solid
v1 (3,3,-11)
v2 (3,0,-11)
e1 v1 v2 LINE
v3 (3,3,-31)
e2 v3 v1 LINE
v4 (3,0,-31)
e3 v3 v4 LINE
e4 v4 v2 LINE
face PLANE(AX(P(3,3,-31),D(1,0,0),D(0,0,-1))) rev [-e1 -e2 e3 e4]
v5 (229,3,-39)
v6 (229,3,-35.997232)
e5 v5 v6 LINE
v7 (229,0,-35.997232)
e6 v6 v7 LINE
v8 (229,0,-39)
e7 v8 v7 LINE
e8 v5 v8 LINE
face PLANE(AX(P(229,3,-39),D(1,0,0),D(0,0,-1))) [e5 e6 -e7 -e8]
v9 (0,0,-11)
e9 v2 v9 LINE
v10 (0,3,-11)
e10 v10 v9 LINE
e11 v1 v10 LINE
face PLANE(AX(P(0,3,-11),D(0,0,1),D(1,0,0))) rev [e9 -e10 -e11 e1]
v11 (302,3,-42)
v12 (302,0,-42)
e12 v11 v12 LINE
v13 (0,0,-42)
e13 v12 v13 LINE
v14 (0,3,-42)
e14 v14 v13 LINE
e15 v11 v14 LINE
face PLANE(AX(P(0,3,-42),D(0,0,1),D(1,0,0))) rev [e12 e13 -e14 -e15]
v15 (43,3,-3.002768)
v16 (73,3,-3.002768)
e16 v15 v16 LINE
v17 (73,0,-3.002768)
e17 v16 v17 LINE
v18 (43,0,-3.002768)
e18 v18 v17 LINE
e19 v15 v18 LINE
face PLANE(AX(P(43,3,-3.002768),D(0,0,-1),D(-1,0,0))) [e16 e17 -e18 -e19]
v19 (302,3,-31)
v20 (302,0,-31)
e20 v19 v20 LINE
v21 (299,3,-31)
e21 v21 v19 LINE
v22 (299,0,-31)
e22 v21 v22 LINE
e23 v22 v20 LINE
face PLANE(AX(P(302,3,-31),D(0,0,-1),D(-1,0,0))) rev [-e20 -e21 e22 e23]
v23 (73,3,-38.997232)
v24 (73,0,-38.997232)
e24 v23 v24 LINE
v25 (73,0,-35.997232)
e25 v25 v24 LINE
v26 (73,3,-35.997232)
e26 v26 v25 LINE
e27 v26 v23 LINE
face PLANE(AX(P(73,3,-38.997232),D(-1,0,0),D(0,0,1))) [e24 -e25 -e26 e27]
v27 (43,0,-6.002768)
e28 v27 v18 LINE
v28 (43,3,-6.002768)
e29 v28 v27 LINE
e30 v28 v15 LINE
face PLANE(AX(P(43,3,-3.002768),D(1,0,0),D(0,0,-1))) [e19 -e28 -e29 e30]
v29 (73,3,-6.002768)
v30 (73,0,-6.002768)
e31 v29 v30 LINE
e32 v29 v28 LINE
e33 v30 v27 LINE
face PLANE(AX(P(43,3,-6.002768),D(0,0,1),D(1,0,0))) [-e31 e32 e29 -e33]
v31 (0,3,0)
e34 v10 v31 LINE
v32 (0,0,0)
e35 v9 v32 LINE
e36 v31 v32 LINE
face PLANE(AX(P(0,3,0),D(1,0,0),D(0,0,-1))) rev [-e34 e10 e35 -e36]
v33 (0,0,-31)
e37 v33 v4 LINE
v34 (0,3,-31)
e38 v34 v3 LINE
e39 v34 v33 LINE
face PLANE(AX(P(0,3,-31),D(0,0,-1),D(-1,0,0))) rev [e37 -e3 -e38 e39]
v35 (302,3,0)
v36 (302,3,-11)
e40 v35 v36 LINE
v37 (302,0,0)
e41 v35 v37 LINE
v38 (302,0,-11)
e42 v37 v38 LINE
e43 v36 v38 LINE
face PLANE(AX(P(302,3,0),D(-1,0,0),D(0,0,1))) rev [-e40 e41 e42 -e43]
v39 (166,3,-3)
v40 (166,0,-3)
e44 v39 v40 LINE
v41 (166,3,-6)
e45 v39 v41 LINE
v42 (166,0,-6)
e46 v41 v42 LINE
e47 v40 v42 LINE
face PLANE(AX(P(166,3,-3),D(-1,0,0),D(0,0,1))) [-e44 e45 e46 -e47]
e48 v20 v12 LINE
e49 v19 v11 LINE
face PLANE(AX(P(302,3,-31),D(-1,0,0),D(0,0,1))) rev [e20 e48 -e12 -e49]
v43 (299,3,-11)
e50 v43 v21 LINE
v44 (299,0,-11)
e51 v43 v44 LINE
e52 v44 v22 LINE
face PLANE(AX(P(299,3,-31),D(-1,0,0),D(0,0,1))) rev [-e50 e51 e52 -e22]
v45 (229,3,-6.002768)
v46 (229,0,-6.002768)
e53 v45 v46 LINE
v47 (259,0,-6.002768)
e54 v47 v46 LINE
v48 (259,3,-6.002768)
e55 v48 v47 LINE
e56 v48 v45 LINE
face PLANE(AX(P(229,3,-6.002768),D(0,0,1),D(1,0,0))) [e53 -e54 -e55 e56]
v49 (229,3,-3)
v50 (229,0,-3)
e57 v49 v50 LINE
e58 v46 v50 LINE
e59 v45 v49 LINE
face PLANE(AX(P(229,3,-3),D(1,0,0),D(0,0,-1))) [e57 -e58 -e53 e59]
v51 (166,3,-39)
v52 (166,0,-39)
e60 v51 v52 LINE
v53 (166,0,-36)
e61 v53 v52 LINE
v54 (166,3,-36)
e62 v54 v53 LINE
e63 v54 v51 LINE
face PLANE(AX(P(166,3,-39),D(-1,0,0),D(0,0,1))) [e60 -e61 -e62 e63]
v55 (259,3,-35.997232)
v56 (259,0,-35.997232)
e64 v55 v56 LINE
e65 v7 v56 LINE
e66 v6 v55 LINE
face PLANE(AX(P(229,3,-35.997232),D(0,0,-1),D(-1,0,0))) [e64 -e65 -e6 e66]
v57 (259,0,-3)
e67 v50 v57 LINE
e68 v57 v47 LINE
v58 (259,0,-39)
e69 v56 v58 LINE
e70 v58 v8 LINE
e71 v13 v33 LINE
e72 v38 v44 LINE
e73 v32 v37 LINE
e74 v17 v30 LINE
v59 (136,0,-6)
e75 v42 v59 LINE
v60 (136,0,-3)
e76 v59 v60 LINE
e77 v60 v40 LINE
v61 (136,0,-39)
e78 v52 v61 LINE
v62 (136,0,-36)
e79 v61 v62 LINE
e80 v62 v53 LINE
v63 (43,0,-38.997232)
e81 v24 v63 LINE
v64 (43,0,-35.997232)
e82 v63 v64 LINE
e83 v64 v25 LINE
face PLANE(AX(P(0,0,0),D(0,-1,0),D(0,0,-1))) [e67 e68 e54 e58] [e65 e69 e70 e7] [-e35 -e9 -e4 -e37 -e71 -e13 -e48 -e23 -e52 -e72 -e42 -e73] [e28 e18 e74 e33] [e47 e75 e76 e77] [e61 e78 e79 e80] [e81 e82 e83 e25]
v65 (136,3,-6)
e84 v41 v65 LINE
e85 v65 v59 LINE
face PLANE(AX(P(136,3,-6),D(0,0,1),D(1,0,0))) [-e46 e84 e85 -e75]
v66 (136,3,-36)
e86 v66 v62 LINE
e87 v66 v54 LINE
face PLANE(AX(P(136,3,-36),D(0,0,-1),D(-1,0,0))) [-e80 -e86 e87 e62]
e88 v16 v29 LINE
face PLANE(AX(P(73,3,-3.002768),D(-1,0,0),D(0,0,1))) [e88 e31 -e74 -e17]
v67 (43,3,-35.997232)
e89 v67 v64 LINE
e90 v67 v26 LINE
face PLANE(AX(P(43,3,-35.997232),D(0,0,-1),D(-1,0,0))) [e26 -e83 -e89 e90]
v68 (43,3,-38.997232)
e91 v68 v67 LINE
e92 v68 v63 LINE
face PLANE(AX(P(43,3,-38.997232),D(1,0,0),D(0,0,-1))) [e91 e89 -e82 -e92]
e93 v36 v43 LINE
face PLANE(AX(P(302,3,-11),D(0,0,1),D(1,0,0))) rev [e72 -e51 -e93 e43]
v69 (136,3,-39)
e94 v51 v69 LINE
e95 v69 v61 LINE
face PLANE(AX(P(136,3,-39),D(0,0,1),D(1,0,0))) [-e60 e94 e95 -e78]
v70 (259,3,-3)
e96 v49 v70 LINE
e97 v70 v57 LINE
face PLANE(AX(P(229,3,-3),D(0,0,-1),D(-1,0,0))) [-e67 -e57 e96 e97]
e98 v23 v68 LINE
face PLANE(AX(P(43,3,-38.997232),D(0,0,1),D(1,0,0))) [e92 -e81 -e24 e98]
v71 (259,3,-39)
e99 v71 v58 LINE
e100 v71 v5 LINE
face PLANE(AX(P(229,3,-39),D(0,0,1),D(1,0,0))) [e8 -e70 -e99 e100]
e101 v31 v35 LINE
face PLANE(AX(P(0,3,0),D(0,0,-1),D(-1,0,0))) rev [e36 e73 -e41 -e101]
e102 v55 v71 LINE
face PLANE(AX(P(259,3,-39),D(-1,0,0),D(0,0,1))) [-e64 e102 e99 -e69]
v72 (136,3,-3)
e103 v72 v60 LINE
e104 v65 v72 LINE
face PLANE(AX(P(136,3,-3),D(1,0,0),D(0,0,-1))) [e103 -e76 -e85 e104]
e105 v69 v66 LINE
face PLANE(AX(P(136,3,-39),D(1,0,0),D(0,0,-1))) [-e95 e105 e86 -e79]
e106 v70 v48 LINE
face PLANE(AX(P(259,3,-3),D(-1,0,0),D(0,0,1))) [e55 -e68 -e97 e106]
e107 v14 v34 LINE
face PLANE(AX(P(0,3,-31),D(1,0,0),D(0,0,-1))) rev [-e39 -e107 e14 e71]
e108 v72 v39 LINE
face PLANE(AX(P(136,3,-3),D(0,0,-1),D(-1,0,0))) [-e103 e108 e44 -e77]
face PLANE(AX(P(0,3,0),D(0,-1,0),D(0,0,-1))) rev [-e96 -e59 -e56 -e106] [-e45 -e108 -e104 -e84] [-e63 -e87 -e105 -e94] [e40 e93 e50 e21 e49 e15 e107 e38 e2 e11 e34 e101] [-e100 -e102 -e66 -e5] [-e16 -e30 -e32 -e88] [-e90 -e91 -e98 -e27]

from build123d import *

# Parameters (mm, degrees)
SKETCH1_W           = 30
SKETCH1_H           = 3.002768409
SKETCH1_H_2         = 3
BOSS_EXTRUDE1_DEPTH = 3


with BuildPart() as part:
    # Sketch1 → Boss-Extrude1 (new body)
    with BuildSketch(Plane(origin=(0, 0, 0), x_dir=(1, 0, 0), z_dir=(0, 1, 0))):
        Polygon((0, 31), (0, 42), (302, 42), (302, 31), (299, 31), (299, 11), (302, 11), (302, 0), (0, 0), (0, 11), (3, 11), (3, 31), align=None)
        with Locations((244, 4.501384205)):
            Rectangle(SKETCH1_W, SKETCH1_H, mode=Mode.SUBTRACT)
        with Locations((58, 37.497231591)):
            Rectangle(SKETCH1_W, SKETCH1_H_2, mode=Mode.SUBTRACT)
        with Locations((151, 37.5)):
            Rectangle(SKETCH1_W, SKETCH1_H_2, mode=Mode.SUBTRACT)
        with Locations((244, 37.498615796)):
            Rectangle(SKETCH1_W, SKETCH1_H, mode=Mode.SUBTRACT)
        with Locations((151, 4.5)):
            Rectangle(SKETCH1_W, SKETCH1_H_2, mode=Mode.SUBTRACT)
        with Locations((58, 4.502768409)):
            Rectangle(SKETCH1_W, SKETCH1_H_2, mode=Mode.SUBTRACT)
    extrude(amount=BOSS_EXTRUDE1_DEPTH)


solid = part.part
